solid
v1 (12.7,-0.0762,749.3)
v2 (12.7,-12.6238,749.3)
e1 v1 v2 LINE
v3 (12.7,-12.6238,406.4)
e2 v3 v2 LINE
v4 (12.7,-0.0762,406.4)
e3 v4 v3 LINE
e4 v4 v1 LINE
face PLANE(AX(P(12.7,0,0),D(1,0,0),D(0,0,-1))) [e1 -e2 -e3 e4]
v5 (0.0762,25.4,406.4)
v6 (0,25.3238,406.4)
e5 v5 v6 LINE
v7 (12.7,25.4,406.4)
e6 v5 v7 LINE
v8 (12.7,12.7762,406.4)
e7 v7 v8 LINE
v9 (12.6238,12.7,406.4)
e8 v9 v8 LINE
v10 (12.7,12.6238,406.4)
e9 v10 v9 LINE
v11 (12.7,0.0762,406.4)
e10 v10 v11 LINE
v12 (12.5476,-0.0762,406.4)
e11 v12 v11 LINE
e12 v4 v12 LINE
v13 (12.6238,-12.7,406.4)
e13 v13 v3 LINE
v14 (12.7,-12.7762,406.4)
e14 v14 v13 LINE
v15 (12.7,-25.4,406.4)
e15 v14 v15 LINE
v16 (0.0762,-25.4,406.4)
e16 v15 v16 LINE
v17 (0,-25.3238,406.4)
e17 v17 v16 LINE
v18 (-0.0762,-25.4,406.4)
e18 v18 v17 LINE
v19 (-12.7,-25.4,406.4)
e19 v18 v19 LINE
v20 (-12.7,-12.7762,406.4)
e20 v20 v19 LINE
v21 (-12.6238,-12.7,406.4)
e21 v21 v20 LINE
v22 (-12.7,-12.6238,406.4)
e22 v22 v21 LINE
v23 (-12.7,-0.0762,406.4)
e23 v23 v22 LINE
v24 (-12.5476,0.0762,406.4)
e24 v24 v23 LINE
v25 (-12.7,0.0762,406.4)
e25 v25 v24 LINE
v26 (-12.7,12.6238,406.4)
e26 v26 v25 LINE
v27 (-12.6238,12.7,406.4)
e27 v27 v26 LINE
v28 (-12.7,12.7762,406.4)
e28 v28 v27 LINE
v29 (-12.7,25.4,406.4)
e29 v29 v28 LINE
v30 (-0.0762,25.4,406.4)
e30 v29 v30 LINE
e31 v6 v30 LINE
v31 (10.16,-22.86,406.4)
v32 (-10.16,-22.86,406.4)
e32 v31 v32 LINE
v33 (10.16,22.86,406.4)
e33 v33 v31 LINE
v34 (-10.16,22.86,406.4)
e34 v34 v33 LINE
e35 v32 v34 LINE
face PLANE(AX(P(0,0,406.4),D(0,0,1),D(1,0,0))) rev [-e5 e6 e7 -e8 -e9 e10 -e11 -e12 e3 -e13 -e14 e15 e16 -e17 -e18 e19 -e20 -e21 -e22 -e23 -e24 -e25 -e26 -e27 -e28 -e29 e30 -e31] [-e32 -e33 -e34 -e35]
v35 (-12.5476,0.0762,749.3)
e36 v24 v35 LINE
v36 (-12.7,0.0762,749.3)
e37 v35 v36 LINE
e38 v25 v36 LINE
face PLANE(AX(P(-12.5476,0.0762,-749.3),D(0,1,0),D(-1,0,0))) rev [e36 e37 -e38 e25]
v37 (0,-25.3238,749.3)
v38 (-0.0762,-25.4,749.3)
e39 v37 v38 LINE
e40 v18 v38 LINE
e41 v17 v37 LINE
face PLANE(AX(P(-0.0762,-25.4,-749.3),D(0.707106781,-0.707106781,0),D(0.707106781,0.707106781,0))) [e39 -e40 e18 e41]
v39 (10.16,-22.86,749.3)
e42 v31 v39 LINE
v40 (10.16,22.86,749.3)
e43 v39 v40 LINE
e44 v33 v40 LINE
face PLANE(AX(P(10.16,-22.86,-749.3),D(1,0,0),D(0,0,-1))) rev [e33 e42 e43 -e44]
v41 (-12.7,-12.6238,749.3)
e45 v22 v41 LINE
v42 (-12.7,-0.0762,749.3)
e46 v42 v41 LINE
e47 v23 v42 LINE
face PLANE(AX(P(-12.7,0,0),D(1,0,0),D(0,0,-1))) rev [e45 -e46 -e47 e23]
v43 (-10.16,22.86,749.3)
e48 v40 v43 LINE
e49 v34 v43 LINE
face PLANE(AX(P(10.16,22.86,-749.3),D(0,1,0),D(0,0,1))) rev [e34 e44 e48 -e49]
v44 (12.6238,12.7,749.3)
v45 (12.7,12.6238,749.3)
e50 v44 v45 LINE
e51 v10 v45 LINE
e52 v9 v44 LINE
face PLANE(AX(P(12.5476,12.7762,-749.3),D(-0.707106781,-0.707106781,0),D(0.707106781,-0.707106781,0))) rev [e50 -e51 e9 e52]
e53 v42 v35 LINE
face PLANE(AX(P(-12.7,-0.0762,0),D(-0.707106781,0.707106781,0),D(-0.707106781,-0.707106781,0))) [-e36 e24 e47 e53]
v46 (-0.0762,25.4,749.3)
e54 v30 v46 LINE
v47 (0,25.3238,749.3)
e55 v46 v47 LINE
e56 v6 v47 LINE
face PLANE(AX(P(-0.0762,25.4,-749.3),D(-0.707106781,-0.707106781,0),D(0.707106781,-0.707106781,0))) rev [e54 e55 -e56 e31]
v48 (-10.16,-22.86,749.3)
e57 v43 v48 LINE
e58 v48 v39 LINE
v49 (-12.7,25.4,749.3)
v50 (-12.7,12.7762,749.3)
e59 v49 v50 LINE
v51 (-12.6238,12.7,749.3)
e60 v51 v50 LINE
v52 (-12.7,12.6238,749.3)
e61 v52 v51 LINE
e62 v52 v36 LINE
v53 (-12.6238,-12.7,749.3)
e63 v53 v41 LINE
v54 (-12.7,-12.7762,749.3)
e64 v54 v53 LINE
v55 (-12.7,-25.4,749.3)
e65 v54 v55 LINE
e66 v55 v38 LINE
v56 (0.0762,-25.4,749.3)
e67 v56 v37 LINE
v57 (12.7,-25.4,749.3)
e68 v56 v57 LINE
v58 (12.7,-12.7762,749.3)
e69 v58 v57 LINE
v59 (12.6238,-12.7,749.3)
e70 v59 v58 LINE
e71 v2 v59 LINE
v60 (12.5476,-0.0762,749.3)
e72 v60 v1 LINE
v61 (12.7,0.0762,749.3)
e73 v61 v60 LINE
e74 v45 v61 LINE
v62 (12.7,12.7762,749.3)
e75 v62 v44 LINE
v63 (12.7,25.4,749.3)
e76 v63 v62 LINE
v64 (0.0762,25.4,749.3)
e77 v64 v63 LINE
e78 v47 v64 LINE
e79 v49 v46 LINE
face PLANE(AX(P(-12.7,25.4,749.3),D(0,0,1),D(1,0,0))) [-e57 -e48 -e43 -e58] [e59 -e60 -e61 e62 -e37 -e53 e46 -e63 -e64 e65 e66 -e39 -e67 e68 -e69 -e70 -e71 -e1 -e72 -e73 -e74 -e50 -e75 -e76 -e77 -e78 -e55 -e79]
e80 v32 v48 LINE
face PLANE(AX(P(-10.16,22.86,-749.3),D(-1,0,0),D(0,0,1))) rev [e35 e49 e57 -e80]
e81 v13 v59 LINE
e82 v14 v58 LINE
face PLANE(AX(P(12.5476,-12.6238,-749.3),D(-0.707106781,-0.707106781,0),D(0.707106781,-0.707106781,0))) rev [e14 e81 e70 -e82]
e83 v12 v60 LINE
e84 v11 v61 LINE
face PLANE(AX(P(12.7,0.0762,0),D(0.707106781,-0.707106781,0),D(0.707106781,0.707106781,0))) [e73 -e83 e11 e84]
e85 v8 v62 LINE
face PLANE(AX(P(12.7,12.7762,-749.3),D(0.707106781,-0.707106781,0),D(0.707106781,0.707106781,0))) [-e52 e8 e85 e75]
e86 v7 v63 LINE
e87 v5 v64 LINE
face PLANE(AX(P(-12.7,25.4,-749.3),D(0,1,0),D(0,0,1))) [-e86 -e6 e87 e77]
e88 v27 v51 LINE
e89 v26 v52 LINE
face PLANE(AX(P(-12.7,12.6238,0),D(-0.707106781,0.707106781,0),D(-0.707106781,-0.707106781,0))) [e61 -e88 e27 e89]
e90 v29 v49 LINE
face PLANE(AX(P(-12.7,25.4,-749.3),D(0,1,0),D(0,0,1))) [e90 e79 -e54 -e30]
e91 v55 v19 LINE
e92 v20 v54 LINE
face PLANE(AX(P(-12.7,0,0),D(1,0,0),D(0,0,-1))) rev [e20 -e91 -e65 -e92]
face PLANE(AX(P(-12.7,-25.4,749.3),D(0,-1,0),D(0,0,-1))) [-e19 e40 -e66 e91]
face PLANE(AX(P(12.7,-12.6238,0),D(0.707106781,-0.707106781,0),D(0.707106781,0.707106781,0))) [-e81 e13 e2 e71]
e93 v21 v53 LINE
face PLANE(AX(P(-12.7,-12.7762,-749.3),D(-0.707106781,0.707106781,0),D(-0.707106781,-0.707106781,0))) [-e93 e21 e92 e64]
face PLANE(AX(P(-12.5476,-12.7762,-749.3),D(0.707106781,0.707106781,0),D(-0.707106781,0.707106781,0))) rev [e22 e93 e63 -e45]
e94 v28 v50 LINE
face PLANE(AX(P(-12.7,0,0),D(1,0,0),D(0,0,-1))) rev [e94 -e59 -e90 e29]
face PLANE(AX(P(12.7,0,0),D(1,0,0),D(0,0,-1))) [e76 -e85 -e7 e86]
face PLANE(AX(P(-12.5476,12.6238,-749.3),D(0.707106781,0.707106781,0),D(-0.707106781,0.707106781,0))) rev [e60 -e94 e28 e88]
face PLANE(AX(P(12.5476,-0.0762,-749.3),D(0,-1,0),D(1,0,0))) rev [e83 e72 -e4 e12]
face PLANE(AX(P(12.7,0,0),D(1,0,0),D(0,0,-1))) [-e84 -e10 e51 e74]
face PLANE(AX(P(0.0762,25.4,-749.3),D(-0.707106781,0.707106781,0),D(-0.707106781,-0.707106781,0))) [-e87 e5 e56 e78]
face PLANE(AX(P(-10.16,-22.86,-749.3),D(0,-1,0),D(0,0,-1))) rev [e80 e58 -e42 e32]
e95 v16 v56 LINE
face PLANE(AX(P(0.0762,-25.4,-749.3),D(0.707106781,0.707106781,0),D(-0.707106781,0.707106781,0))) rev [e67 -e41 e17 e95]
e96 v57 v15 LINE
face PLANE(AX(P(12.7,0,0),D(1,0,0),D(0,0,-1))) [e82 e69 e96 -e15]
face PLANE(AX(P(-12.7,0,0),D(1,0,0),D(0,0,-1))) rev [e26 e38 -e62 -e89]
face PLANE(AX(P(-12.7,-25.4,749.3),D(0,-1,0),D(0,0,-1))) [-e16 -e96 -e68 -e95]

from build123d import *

# Parameters (mm, degrees)
SKETCH1_W           = 1498.6
SKETCH1_H           = 50.8
BOSS_EXTRUDE1_DEPTH = 25.4
CUT_EXTRUDE1_DEPTH  = 1498.6
CUT_EXTRUDE2_DEPTH  = 1499.869043646
CUT_EXTRUDE3_DEPTH  = 1498.6
CUT_EXTRUDE4_DEPTH  = 1498.6
CUT_EXTRUDE5_DEPTH  = 1499.869043646
CUT_EXTRUDE6_DEPTH  = 1499.869043646
CUT_EXTRUDE7_DEPTH  = 1498.6
CUT_EXTRUDE8_DEPTH  = 1498.6
SKETCH10_W          = 20.32
SKETCH10_H          = 45.72
CUT_EXTRUDE9_DEPTH  = 1499.869043646
DRAFT1_ANGLE        = 45
DRAFT2_ANGLE        = 45.000000005
DRAFT3_ANGLE        = 45
DRAFT4_ANGLE        = 45
DRAFT5_ANGLE        = 45
DRAFT6_ANGLE        = 44.999999995
SKETCH11_W          = 61.962293059
SKETCH11_H          = 88.678950317
CUT_EXTRUDE10_DEPTH = 1155.7


with BuildPart() as part:
    # Sketch1 → Boss-Extrude1 (new body)
    with BuildSketch(Plane(origin=(12.7, 0, 0), x_dir=(0, 0, -1), z_dir=(1, 0, 0))):
        Rectangle(SKETCH1_W, SKETCH1_H)
    extrude(amount=-BOSS_EXTRUDE1_DEPTH)

    # Sketch2 → Cut-Extrude1 (cut)
    with BuildSketch(Plane.XY.offset(749.3)):
        Polygon((0.0762, 25.4), (-0.0762, 25.4), (0.0762, 25.2476), align=None)
    extrude(amount=-CUT_EXTRUDE1_DEPTH, mode=Mode.SUBTRACT)

    # Sketch3 → Cut-Extrude2 (cut, through all)
    with BuildSketch(Plane.XY.offset(749.3)):
        Polygon((12.7, 12.6238), (12.7, 12.7762), (12.5476, 12.7762), align=None)
    extrude(amount=-CUT_EXTRUDE2_DEPTH, mode=Mode.SUBTRACT)

    # Sketch4 → Cut-Extrude3 (cut)
    with BuildSketch(Plane.XY.offset(749.3)):
        Polygon((12.7, -0.0762), (12.7, 0.0762), (12.5476, -0.0762), align=None)
    extrude(amount=-CUT_EXTRUDE3_DEPTH, mode=Mode.SUBTRACT)

    # Sketch5 → Cut-Extrude4 (cut)
    with BuildSketch(Plane.XY.offset(749.3)):
        Polygon((12.7, -12.7762), (12.7, -12.6238), (12.5476, -12.6238), align=None)
    extrude(amount=-CUT_EXTRUDE4_DEPTH, mode=Mode.SUBTRACT)

    # Sketch6 → Cut-Extrude5 (cut, through all)
    with BuildSketch(Plane.XY.offset(749.3)):
        Polygon((0.0762, -25.4), (-0.0762, -25.2476), (-0.0762, -25.4), align=None)
    extrude(amount=-CUT_EXTRUDE5_DEPTH, mode=Mode.SUBTRACT)

    # Sketch7 → Cut-Extrude6 (cut, through all)
    with BuildSketch(Plane.XY.offset(749.3)):
        Polygon((-12.7, -12.6238), (-12.7, -12.7762), (-12.5476, -12.7762), align=None)
    extrude(amount=-CUT_EXTRUDE6_DEPTH, mode=Mode.SUBTRACT)

    # Sketch8 → Cut-Extrude7 (cut)
    with BuildSketch(Plane.XY.offset(749.3)):
        Polygon((-12.7, 0.0762), (-12.7, -0.0762), (-12.5476, 0.0762), align=None)
    extrude(amount=-CUT_EXTRUDE7_DEPTH, mode=Mode.SUBTRACT)

    # Sketch9 → Cut-Extrude8 (cut)
    with BuildSketch(Plane.XY.offset(749.3)):
        Polygon((-12.7, 12.7762), (-12.7, 12.6238), (-12.5476, 12.6238), align=None)
    extrude(amount=-CUT_EXTRUDE8_DEPTH, mode=Mode.SUBTRACT)

    # Sketch10 → Cut-Extrude9 (cut, through all)
    with BuildSketch(Plane.XY.offset(749.3)):
        Rectangle(SKETCH10_W, SKETCH10_H)
    extrude(amount=-CUT_EXTRUDE9_DEPTH, mode=Mode.SUBTRACT)

    # Draft1
    draft1_faces = [part.faces().sort_by_distance(p)[0] for p in [
        (0.0762, 25.3238, 0),
    ]]
    draft(draft1_faces, Plane(origin=(-12.7, 25.4, -749.3), x_dir=(0, 0, 1), z_dir=(0, 1, 0)), DRAFT1_ANGLE)

    # Draft2
    draft2_faces = [part.faces().sort_by_distance(p)[0] for p in [
        (12.6238, 12.7762, 0),
    ]]
    draft(draft2_faces, Plane(origin=(12.7, 0, 0), x_dir=(0, 0, 1), z_dir=(1, 0, 0)), DRAFT2_ANGLE)

    # Draft3
    draft3_faces = [part.faces().sort_by_distance(p)[0] for p in [
        (-0.0762, -25.3238, 0),
    ]]
    draft(draft3_faces, Plane(origin=(-12.7, -25.4, 749.3), x_dir=(0, 0, -1), z_dir=(0, -1, 0)), DRAFT3_ANGLE)

    # Draft4
    draft4_faces = [part.faces().sort_by_distance(p)[0] for p in [
        (-12.6238, -12.7762, 0),
    ]]
    draft(draft4_faces, Plane(origin=(-12.7, 0, 0), x_dir=(0, 0, -1), z_dir=(-1, 0, 0)), DRAFT4_ANGLE)

    # Draft5
    draft5_faces = [part.faces().sort_by_distance(p)[0] for p in [
        (12.6238, -12.6238, 0),
        (12.6238, 0, 0),
    ]]
    draft(draft5_faces, Plane(origin=(12.7, 0, 0), x_dir=(0, 0, 1), z_dir=(1, 0, 0)), DRAFT5_ANGLE)

    # Draft6
    draft6_faces = [part.faces().sort_by_distance(p)[0] for p in [
        (-12.6238, 0, 0),
        (-12.6238, 12.6238, 0),
    ]]
    draft(draft6_faces, Plane(origin=(-12.7, 0, 0), x_dir=(0, 0, -1), z_dir=(-1, 0, 0)), DRAFT6_ANGLE)

    # Sketch11 → Cut-Extrude10 (cut)
    with BuildSketch(Plane(origin=(0, 0, -749.3), x_dir=(-1, 0, 0), z_dir=(0, 0, -1))):
        with Locations((-2.92473676, 0.325700182)):
            Rectangle(SKETCH11_W, SKETCH11_H)
    extrude(amount=-CUT_EXTRUDE10_DEPTH, mode=Mode.SUBTRACT)


solid = part.part
